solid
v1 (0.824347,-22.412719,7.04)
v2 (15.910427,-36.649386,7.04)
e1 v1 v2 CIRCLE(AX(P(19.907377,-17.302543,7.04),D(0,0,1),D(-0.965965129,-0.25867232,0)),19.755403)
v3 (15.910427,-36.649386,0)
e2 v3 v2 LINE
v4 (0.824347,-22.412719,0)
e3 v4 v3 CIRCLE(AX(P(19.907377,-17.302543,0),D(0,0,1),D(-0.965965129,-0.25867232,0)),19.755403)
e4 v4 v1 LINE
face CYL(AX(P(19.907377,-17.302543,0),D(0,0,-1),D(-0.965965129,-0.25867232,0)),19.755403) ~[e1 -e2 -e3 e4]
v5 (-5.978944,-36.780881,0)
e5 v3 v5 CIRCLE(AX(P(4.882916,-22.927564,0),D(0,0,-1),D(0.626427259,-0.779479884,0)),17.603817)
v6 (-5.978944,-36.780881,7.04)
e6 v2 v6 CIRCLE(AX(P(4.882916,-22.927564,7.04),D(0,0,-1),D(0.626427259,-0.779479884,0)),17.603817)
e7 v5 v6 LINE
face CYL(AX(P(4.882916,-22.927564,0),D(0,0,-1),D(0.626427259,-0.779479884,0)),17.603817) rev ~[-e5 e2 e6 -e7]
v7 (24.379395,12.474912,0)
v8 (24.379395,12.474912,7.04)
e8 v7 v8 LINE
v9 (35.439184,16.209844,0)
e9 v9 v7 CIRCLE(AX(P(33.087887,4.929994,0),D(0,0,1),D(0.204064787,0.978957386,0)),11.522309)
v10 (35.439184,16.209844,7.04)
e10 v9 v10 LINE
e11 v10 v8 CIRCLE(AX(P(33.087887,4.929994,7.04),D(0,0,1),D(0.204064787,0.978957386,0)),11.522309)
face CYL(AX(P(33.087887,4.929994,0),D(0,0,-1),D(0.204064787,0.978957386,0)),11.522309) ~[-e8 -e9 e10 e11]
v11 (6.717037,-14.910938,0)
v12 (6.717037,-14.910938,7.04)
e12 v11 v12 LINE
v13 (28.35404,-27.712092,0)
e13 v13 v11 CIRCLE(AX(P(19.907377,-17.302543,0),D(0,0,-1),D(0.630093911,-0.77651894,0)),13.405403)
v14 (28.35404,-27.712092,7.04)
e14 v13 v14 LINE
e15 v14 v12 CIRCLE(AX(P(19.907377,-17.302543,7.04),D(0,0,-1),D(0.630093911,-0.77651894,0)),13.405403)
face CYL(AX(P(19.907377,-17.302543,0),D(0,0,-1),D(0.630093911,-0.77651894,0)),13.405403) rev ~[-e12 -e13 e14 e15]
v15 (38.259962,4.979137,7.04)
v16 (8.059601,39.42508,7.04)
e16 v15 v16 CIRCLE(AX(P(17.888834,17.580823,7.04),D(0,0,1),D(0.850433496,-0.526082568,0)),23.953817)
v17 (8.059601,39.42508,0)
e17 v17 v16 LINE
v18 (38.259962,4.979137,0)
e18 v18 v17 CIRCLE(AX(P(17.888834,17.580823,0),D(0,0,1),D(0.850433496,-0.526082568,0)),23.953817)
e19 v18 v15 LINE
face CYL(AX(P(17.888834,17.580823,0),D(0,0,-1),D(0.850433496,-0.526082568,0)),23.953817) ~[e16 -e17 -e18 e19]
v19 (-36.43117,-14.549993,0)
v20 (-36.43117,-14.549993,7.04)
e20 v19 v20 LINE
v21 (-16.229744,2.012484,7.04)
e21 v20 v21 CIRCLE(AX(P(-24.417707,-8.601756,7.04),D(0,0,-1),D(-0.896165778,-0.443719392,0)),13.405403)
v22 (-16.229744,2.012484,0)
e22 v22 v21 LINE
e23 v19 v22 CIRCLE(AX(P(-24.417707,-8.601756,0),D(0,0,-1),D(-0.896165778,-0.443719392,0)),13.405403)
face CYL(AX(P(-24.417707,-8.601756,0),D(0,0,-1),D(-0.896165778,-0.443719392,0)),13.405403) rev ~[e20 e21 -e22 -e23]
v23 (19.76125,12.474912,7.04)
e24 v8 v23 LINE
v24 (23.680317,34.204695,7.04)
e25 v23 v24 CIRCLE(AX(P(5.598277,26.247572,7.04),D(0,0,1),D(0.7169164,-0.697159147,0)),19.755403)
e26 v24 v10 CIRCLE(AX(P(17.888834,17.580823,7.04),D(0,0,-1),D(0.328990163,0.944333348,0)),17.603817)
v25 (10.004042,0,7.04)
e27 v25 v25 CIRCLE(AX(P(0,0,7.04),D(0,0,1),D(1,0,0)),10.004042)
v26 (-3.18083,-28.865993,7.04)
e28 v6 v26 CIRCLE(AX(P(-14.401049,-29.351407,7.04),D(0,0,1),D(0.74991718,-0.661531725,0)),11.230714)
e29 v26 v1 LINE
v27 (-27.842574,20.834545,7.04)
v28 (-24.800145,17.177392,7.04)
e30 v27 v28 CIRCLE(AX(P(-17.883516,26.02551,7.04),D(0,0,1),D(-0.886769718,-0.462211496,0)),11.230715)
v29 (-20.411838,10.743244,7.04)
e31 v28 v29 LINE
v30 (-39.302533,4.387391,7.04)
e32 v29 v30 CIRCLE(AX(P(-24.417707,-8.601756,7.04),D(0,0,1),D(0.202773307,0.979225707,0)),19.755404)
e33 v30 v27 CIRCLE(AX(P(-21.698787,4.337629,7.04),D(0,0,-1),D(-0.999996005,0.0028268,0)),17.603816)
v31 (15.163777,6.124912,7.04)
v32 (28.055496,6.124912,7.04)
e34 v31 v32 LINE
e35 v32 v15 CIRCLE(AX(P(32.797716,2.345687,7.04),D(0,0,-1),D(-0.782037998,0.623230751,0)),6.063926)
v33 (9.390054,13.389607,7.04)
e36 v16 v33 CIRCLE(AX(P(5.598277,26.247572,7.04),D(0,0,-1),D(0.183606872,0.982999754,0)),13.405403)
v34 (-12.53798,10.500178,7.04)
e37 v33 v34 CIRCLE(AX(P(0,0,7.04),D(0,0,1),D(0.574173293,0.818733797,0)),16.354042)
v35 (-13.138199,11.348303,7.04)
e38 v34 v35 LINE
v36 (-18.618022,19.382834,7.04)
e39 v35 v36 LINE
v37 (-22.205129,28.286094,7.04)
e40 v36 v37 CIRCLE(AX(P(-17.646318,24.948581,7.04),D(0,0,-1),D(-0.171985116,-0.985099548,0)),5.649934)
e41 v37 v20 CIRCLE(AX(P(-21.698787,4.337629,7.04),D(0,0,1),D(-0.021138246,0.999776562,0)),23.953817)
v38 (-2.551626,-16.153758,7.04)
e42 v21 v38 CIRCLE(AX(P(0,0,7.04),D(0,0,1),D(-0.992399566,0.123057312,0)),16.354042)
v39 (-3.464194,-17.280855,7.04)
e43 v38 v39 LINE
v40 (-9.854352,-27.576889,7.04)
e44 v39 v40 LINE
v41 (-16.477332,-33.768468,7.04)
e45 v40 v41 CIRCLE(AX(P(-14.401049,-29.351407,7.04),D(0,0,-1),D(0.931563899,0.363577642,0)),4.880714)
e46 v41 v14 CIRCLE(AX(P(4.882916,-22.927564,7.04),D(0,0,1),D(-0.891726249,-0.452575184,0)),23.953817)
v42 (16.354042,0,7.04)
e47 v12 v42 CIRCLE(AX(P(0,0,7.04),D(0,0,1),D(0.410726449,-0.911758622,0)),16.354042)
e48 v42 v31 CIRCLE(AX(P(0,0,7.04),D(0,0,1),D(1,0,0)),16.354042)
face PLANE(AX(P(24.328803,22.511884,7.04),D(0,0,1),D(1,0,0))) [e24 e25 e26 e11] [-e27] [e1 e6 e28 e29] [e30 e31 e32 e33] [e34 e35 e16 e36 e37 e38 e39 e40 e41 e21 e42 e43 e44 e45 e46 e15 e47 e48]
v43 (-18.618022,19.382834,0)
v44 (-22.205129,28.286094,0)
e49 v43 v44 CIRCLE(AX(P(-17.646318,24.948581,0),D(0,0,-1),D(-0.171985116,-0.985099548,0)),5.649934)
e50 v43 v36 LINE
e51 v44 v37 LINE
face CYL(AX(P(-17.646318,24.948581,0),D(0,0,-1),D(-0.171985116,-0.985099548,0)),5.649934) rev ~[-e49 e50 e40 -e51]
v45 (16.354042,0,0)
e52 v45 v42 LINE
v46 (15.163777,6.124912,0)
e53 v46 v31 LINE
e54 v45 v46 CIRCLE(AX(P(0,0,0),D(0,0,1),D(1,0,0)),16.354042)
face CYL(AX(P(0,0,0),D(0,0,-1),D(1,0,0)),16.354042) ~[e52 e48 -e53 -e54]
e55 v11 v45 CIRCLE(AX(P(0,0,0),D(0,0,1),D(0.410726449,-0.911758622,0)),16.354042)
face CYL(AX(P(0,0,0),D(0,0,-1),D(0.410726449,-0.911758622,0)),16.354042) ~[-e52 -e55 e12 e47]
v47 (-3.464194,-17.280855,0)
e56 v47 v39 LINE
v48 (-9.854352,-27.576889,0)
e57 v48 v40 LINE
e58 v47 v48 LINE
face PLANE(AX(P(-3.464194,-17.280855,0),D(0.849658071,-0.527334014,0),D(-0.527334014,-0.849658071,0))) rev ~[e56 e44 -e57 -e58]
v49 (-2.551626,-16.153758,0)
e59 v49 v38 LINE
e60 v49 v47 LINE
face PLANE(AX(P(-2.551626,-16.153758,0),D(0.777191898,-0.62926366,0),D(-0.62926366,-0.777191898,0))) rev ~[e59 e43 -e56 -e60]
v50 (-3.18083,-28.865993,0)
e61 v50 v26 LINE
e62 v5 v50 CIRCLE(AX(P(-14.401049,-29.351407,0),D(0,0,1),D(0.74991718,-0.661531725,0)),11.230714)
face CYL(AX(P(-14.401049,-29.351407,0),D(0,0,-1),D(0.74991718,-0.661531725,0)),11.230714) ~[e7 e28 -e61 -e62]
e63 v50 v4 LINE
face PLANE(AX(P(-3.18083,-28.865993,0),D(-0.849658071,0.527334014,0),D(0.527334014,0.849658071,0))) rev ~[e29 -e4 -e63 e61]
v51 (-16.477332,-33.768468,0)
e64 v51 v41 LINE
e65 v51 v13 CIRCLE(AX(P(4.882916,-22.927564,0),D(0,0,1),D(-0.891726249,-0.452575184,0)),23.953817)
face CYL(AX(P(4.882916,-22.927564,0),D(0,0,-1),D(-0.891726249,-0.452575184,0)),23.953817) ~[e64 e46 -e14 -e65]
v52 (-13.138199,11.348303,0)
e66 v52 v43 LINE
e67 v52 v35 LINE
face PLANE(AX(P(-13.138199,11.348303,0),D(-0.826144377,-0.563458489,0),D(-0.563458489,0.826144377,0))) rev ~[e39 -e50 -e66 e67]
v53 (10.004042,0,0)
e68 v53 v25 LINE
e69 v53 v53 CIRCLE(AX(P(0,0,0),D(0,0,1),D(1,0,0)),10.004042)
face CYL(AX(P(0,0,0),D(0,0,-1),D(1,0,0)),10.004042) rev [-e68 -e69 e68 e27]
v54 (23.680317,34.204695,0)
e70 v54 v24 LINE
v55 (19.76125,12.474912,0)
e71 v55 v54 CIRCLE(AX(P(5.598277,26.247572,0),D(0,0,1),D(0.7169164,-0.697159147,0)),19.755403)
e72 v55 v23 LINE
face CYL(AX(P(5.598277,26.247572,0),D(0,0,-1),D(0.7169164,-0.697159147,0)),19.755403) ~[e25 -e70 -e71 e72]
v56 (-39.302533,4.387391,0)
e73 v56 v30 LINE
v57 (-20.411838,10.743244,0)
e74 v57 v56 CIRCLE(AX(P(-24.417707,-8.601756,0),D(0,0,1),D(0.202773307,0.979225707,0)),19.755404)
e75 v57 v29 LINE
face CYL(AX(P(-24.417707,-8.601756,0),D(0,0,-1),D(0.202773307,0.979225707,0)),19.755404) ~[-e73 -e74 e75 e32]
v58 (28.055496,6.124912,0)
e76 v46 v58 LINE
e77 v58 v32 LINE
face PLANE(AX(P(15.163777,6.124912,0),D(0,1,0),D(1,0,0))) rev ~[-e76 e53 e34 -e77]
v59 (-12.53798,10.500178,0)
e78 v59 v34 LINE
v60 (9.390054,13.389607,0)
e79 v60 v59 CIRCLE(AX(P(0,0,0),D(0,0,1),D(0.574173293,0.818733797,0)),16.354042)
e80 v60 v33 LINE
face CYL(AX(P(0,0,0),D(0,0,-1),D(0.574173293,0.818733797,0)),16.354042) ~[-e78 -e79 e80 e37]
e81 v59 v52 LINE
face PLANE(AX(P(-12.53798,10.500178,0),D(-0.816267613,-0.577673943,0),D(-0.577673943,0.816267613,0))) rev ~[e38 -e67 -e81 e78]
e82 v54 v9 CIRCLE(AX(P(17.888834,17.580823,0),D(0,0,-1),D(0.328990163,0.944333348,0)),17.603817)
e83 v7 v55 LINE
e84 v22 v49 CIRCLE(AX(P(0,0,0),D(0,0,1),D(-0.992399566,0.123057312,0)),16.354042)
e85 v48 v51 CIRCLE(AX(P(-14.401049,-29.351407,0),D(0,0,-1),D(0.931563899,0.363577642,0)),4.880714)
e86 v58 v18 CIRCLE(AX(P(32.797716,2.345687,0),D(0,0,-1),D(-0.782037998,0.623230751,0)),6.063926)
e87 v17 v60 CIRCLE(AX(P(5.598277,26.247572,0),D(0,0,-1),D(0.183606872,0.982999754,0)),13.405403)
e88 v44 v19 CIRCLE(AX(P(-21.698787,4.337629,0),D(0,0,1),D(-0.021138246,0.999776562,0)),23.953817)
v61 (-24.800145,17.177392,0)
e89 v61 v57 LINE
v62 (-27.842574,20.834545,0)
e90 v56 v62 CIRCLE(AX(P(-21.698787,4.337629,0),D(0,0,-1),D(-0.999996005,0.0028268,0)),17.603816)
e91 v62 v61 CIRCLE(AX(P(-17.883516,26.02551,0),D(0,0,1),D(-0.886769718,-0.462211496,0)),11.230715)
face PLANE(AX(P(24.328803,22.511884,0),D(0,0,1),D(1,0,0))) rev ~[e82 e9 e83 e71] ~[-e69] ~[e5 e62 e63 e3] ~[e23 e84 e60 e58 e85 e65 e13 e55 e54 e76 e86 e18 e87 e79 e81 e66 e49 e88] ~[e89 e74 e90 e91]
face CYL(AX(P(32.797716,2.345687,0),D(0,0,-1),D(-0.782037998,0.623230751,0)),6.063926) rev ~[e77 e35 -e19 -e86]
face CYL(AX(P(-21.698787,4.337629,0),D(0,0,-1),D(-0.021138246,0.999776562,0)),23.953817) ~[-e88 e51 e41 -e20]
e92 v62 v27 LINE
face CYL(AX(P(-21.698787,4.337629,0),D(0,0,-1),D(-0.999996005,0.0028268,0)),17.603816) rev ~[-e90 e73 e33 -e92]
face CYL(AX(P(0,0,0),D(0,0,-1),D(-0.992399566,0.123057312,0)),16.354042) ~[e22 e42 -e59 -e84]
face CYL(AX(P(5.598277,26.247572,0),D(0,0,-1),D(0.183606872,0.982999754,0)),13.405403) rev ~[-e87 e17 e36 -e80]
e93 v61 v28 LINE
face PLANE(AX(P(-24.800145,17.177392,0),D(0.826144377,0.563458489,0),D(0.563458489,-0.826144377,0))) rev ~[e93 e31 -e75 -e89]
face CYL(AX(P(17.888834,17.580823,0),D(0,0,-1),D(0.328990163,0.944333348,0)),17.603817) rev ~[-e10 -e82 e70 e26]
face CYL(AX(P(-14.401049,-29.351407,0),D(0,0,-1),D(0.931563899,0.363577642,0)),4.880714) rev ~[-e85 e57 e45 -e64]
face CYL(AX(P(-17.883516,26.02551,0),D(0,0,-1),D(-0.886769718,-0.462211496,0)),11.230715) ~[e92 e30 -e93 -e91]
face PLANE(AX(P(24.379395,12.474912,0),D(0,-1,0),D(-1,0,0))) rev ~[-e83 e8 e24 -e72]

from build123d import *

# Parameters (mm, degrees)
F0_R     = 10.0040416518
F1_DEPTH = 7.04


with BuildPart() as f1:
    # F0 (on Top) → F1 (new body)
    with BuildSketch(Plane.XY):
        with BuildLine():
            ThreePointArc((8.0596013479, 39.4250795937), (18.9862113581, 26.931715548), (9.3900539463, 13.3896066124))
            ThreePointArc((9.3900539463, 13.3896066124), (12.8029919773, 10.175366076), (15.1637771231, 6.1249115676))
            Line((15.1637771231, 6.1249115676), (15.937639911, 6.1249115676))
            Line((15.937639911, 6.1249115676), (28.0554961826, 6.1249115676))
            ThreePointArc((28.0554961826, 6.1249115676), (33.4743323204, 8.3717454292), (38.2599624573, 4.9791370399))
            ThreePointArc((38.2599624573, 4.9791370399), (35.9003199694, 33.3723310432), (8.0596013479, 39.4250795937))
        make_face()
        with BuildLine():
            ThreePointArc((35.4391843293, 16.2098441298), (29.4013015143, 15.8466192988), (24.3793946911, 12.4749115676))
            Line((24.3793946911, 12.4749115676), (19.7612497114, 12.4749115676))
            ThreePointArc((19.7612497114, 12.4749115676), (25.0400123396, 22.7411647393), (23.6803165677, 34.204694583))
            ThreePointArc((23.6803165677, 34.204694583), (32.6253176497, 27.2104868561), (35.4391843293, 16.2098441298))
        make_face(mode=Mode.SUBTRACT)
        with BuildLine():
            ThreePointArc((15.1637771231, 6.1249115676), (12.8029919773, 10.175366076), (9.3900539463, 13.3896066124))
            ThreePointArc((9.3900539463, 13.3896066124), (-2.1364828918, 16.2138866162), (-12.5379799884, 10.5001779109))
            ThreePointArc((-12.5379799884, 10.5001779109), (-14.9968569617, 6.5229563558), (-16.2297438327, 2.0124844036))
            ThreePointArc((-16.2297438327, 2.0124844036), (-13.0647635418, -9.8370031995), (-2.5516255591, -16.1537576234))
            ThreePointArc((-2.5516255591, -16.1537576234), (-2.5484818112, -16.154253892), (-2.5453379668, -16.1547495488))
            ThreePointArc((-2.5453379668, -16.1547495488), (-2.5451208542, -16.1547837555), (-2.5449037412, -16.1548179593))
            ThreePointArc((-2.5449037412, -16.1548179593), (2.1768059123, -16.2085222759), (6.717037457, -14.9109384732))
            ThreePointArc((6.717037457, -14.9109384732), (13.7350898923, -8.877048158), (16.3540416518, 0))
            ThreePointArc((16.3540416518, 0), (16.0537179653, 3.1197464384), (15.1637771231, 6.1249115676))
        make_face()
        Circle(F0_R, mode=Mode.SUBTRACT)
        with BuildLine():
            ThreePointArc((-16.2297438327, 2.0124844036), (-14.9968569617, 6.5229563558), (-12.5379799884, 10.5001779109))
            Line((-12.5379799884, 10.5001779109), (-13.1381993498, 11.348302759))
            Line((-13.1381993498, 11.348302759), (-18.6180223097, 19.38283416))
            ThreePointArc((-18.6180223097, 19.38283416), (-22.886896, 22.8371620642), (-22.2051291736, 28.2860938723))
            ThreePointArc((-22.2051291736, 28.2860938723), (-44.431743107, 11.8873369712), (-36.4311702867, -14.5499932531))
            ThreePointArc((-36.4311702867, -14.5499932531), (-32.9169731903, 1.7648878816), (-16.2297438327, 2.0124844036))
        make_face()
        with BuildLine():
            ThreePointArc((-27.8425738277, 20.8345445104), (-26.5172228087, 18.8430269716), (-24.8001450054, 17.1773915828))
            Line((-24.8001450054, 17.1773915828), (-20.4118380564, 10.7432439401))
            ThreePointArc((-20.4118380564, 10.7432439401), (-30.7174803102, 10.1222622456), (-39.3025332707, 4.3873911753))
            ThreePointArc((-39.3025332707, 4.3873911753), (-36.142247382, 14.4014653535), (-27.8425738277, 20.8345445104))
        make_face(mode=Mode.SUBTRACT)
        with BuildLine():
            ThreePointArc((28.3540401584, -27.7120920045), (13.0814706801, -28.8399527249), (6.717037457, -14.9109384732))
            ThreePointArc((6.717037457, -14.9109384732), (2.1768059123, -16.2085222759), (-2.5449037412, -16.1548179593))
            ThreePointArc((-2.5449037412, -16.1548179593), (-2.5451208542, -16.1547837555), (-2.5453379668, -16.1547495488))
            ThreePointArc((-2.5453379668, -16.1547495488), (-2.5484818112, -16.154253892), (-2.5516255591, -16.1537576234))
            Line((-2.5516255591, -16.1537576234), (-3.4641944059, -17.2808545138))
            Line((-3.4641944059, -17.2808545138), (-9.8543521959, -27.576888898))
            ThreePointArc((-9.8543521959, -27.576888898), (-11.0679351896, -32.9167573694), (-16.4773315191, -33.7684676051))
            ThreePointArc((-16.4773315191, -33.7684676051), (8.0897637018, -46.6657507467), (28.3540401584, -27.7120920045))
        make_face()
        with BuildLine():
            ThreePointArc((-5.9789437938, -36.7808810105), (-3.8125370617, -33.0947145568), (-3.1808303734, -28.8659927744))
            Line((-3.1808303734, -28.8659927744), (0.8243466838, -22.4127185282))
            ThreePointArc((0.8243466838, -22.4127185282), (6.3485406517, -31.6703504661), (15.9104272307, -36.6493858287))
            ThreePointArc((15.9104272307, -36.6493858287), (4.9886650126, -40.5310640467), (-5.9789437938, -36.7808810105))
        make_face(mode=Mode.SUBTRACT)
    extrude(amount=F1_DEPTH)


solid = f1.part
